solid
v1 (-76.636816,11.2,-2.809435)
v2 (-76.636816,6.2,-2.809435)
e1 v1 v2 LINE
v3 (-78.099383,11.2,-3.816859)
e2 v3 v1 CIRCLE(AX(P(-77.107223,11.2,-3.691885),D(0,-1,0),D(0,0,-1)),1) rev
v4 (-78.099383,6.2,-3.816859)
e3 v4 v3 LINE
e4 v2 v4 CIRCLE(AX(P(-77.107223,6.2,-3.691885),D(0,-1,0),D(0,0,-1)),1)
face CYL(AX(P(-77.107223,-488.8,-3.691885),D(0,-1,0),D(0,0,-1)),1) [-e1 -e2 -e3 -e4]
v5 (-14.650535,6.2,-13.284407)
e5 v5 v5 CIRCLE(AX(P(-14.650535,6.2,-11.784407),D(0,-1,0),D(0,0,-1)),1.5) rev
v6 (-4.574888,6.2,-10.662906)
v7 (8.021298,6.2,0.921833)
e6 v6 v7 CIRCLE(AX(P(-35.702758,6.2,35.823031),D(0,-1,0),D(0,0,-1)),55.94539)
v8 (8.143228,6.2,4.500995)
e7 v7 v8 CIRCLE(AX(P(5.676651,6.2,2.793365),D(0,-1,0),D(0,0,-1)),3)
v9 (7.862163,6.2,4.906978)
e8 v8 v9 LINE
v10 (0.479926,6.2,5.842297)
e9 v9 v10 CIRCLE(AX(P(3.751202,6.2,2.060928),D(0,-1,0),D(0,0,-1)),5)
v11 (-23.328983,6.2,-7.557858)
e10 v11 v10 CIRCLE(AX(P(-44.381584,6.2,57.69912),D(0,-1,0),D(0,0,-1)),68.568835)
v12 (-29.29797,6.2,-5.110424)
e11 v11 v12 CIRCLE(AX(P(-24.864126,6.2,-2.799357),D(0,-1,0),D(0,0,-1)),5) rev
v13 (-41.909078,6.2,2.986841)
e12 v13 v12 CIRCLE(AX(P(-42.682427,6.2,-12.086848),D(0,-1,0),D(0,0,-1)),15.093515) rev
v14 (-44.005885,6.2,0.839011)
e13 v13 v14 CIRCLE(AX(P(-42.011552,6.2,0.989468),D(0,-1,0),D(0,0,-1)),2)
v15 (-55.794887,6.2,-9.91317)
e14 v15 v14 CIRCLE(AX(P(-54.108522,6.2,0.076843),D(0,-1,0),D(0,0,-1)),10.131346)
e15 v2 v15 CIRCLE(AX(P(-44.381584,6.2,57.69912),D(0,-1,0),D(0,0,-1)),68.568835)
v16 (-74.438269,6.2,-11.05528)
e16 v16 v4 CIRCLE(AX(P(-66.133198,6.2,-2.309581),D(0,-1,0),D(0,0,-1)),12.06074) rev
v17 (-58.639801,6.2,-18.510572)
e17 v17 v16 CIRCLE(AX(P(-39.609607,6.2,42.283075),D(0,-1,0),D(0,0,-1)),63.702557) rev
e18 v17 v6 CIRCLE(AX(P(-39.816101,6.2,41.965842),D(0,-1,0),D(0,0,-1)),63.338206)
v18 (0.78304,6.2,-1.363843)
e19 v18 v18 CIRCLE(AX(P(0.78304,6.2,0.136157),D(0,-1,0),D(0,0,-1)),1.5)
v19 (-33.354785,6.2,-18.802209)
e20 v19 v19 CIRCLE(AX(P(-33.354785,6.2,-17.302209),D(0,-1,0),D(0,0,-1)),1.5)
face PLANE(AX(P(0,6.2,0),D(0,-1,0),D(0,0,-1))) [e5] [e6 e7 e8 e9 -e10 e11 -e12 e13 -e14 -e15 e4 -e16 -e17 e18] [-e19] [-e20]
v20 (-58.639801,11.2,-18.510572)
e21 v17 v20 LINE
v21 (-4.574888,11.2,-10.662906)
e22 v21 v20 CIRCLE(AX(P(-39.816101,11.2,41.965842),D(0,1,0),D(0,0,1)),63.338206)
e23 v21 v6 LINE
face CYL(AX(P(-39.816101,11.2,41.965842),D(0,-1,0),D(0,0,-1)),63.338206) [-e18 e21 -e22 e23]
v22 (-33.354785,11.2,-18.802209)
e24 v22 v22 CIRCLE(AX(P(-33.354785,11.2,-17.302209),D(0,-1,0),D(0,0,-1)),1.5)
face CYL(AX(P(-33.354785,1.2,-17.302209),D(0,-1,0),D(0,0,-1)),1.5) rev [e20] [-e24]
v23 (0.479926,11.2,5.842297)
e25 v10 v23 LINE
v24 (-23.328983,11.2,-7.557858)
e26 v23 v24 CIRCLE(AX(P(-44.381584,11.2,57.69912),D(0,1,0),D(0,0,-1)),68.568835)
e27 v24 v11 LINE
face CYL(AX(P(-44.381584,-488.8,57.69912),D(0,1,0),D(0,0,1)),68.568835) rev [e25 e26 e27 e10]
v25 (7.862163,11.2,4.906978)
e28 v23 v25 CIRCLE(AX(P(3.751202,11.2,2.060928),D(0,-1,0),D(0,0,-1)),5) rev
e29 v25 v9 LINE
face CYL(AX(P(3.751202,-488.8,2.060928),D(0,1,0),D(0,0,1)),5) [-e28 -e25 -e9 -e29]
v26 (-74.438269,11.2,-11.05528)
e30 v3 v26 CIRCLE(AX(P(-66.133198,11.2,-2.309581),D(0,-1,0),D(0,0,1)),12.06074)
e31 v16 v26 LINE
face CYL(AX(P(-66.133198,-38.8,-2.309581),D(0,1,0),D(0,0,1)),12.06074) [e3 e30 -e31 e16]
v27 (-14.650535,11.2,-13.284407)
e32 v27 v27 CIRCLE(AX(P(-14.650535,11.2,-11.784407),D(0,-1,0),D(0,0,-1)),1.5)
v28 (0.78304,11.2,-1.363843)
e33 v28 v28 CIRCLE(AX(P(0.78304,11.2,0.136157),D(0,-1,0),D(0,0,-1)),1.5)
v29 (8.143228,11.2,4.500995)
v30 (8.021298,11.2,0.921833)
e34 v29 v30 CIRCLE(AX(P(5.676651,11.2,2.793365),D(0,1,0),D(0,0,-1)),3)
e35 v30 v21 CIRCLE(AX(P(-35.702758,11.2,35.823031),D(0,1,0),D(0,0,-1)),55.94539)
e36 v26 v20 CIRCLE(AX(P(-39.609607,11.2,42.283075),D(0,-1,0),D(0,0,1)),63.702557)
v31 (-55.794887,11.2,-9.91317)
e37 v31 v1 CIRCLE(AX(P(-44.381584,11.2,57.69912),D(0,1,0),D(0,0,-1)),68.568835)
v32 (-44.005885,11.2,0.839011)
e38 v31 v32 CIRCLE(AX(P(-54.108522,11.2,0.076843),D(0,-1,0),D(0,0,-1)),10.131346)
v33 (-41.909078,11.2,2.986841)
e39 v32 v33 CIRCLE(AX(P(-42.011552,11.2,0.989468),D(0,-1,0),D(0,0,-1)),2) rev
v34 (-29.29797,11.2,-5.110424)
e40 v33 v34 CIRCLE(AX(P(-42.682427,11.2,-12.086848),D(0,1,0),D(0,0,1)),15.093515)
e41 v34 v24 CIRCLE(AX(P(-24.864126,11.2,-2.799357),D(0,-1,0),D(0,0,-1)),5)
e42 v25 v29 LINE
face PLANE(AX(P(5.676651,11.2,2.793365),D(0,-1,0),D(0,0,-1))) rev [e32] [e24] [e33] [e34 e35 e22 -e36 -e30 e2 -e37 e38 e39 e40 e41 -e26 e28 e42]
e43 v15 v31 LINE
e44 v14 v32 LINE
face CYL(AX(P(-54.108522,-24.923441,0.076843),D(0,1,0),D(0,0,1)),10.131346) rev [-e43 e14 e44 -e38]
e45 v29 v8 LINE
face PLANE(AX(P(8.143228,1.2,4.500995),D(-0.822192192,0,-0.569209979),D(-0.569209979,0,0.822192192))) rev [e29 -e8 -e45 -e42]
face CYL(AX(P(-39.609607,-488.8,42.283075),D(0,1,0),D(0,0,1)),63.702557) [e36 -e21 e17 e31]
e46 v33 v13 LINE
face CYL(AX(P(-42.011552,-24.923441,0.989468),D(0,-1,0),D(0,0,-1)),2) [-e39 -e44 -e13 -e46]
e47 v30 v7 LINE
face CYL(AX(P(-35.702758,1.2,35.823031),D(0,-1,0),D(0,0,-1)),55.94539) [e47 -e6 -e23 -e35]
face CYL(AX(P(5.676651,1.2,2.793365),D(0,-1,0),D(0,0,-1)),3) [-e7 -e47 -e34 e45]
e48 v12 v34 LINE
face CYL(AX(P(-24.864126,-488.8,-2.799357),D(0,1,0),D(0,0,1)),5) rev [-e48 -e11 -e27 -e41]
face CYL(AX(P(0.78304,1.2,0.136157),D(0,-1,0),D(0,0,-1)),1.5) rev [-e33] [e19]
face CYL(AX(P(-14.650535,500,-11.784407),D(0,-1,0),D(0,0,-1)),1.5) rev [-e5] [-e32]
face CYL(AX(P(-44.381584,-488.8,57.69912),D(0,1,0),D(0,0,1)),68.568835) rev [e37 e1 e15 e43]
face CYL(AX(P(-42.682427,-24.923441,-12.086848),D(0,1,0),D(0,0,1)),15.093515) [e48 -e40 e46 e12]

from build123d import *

# Parameters (mm, degrees)
SKETCH_1_R               = 1.5
EXTRUDE_1_DEPTH          = 1.2
EXTRUDE_2_DEPTH          = 10
CUT_EXTRUDE_1_DEPTH      = 93.096371411
CUT_EXTRUDE_1_DEPTH_BACK = 93.096371411
SKETCH_4_R               = 1.5
CUT_EXTRUDE_2_DEPTH      = 5000
SKETCH_5_R               = 1.5
CUT_EXTRUDE_3_DEPTH      = 500
SKETCH_9_R               = 1.5
CUT_EXTRUDE_6_DEPTH      = 500
SKETCH_6_W               = 134.066841626
SKETCH_6_H               = 48.328770964
CUT_EXTRUDE_4_DEPTH      = 1.2
SKETCH_7_W               = 136.291178365
SKETCH_7_H               = 54.597356319
CUT_EXTRUDE_5_DEPTH      = 5
SKETCH_8_R               = 2.504998637
EXTRUDE_3_DEPTH          = 5
CUT_EXTRUDE_START        = -500
CUT_EXTRUDE_7_DEPTH      = 500
CUT_EXTRUDE_8_DEPTH      = 500
CUT_EXTRUDE_9_DEPTH      = 500
FILLET_2_R               = 5
EXTRUDE_4_DEPTH          = 5
FILLET_3_R               = 5
FILLET_4_R               = 2
CUT_EXTRUDE_10_DEPTH     = 50
FILLET_5_R               = 1


with BuildPart() as part:
    # 草图1 → 凸台-拉伸1 (new body)
    with BuildSketch(Plane(origin=(0, 0, 0), x_dir=(1, 0, 0), z_dir=(0, 1, 0))):
        with BuildLine():
            Line((1.554842025, -8.337470752), (-0.430182488, -6.721253648))
            add(Edge.make_bspline(
                [(-12.167013089, 2.582495486), (-11.447119164, 1.921340953), (-10.022984841, 2.808187734), (-8.976354657, 1.809108801), (-8.213499094, 1.403974471), (-8.200391236, 0.349911537), (-8.042555918, -0.493978579), (-7.818959944, -1.429413296), (-6.816890722, -1.753533483), (-5.863601288, -1.34252738), (-4.741281829, -1.710962858), (-4.08275959, -2.621388779), (-3.79245167, -3.751248723), (-3.91045161, -4.869308905), (-3.232112336, -5.62677615), (-2.206661316, -6.030432082), (-1.046114317, -6.062557348), (-0.554897819, -6.564537203), (-0.430182488, -6.721253648)],
                knots=[0, 0, 0, 0, 0.036097754, 0.047992692, 0.058181774, 0.069734768, 0.087708592, 0.096698401, 0.107023851, 0.126400839, 0.138602891, 0.153227265, 0.171393147, 0.187122158, 0.197485969, 0.211171774, 0.233173167, 0.241577569, 0.241577569, 0.241577569, 0.241577569], degree=3))
            add(Edge.make_bspline(
                [(-23.910622578, 9.605703978), (-23.558251314, 9.383041776), (-22.85001025, 7.300114936), (-21.469099437, 8.026620732), (-20.587576459, 8.115237732), (-19.709548371, 8.393102022), (-18.887373608, 8.016971733), (-18.216370279, 7.270572104), (-17.540916668, 6.495384207), (-16.917331111, 5.169819241), (-15.366310155, 5.588705202), (-13.906745135, 5.747852304), (-12.700950999, 4.350101993), (-12.869807319, 3.109436312), (-12.167013089, 2.582495486)],
                knots=[0, 0, 0, 0, 0.161236225, 0.212348344, 0.265446348, 0.336192936, 0.378687986, 0.430636784, 0.526782428, 0.58317029, 0.682556587, 0.781270878, 0.853713789, 1, 1, 1, 1], degree=3))
            add(Edge.make_bspline(
                [(-47.71500508, 10.605110168), (-47.069012481, 9.900665068), (-45.139196949, 9.95795741), (-43.921975491, 11.586374146), (-42.400721003, 11.771016568), (-41.337482007, 11.307681084), (-40.40808197, 10.571392493), (-39.243263098, 10.605948191), (-38.4214004, 11.389817674), (-37.304125392, 11.739033216), (-35.960015429, 12.177678326), (-35.169730239, 11.095889884), (-34.309116257, 10.597574945), (-33.230198284, 10.326758803), (-32.483614479, 11.172498611), (-31.555931442, 11.556931314), (-30.496219104, 11.833170836), (-29.544579211, 11.011421042), (-28.764862011, 9.931048883), (-27.275040054, 9.791587696), (-25.67786866, 9.995507673), (-24.429632089, 10.493743868), (-23.910622578, 9.605703978)],
                knots=[0, 0, 0, 0, 0.101433113, 0.182304189, 0.213922123, 0.268056796, 0.309965909, 0.34593792, 0.389140378, 0.432998877, 0.482664358, 0.529097115, 0.56671955, 0.598853252, 0.644172777, 0.680167064, 0.715860802, 0.759457234, 0.81099574, 0.863337515, 0.916048189, 1, 1, 1, 1], degree=3))
            add(Edge.make_bspline(
                [(-81.542178077, -6.351268144), (-81.044844843, -4.213625321), (-76.423345521, -7.044199198), (-77.193888837, -1.434611804), (-74.499558051, -1.007137962), (-72.119579546, -0.982023336), (-72.013913214, 2.531930358), (-69.193446107, 2.27076818), (-66.979018583, 2.576834428), (-66.793337265, 4.561491582), (-65.228171966, 5.86647802), (-63.704347585, 5.431207109), (-62.480661462, 5.233397848), (-61.483715157, 6.199125284), (-61.300552849, 7.503159562), (-59.783145719, 8.397586745), (-58.519758063, 7.703062295), (-57.095970203, 7.658840879), (-55.836025853, 8.294649296), (-55.32460036, 9.901269354), (-53.585326171, 9.702085323), (-52.400209447, 9.422945796), (-50.584393612, 8.813116301), (-50.168047343, 11.113872633), (-48.335164825, 11.166138113), (-47.71500508, 10.605110168)],
                knots=[0, 0, 0, 0, 0.100331873, 0.186040252, 0.234954161, 0.270300487, 0.337741822, 0.40191981, 0.438279808, 0.476829941, 0.523229195, 0.559516768, 0.58417291, 0.604077361, 0.648703103, 0.670042471, 0.715950186, 0.738312734, 0.768610762, 0.808997733, 0.834826144, 0.87587524, 0.906400305, 0.9417144, 1, 1, 1, 1], degree=3))
            add(Edge.make_bspline(
                [(-4.574887638, 10.66290641), (-7.047776333, 12.318799851), (-11.472376922, 14.618164059), (-18.644622628, 18.44627649), (-25.552826118, 20.285346034), (-32.311147255, 21.765124491), (-38.45622276, 22.334485332), (-46.036730806, 22.337974028), (-53.580560852, 21.321427277), (-60.391912278, 19.259553222), (-67.916492846, 16.400566872), (-77.044091587, 11.490220125), (-84.229889169, 5.096115142), (-88.471829307, 0.104808879), (-88.546333927, -3.099341055), (-86.895953255, -6.534699066), (-83.496346554, -7.409474397), (-81.542178077, -6.351268144)],
                knots=[0.083499365, 0.083499365, 0.083499365, 0.083499365, 0.162308773, 0.214040795, 0.297345888, 0.349154488, 0.396314503, 0.459530434, 0.548645129, 0.595484357, 0.646703325, 0.76081959, 0.864658636, 0.902713076, 0.926128156, 0.944546812, 1, 1, 1, 1], degree=3))
            ThreePointArc((-4.574887638, 10.66290641), (2.168791448, 5.355026647), (8.021297782, -0.921832822))
            ThreePointArc((8.021297782, -0.921832822), (8.67491192, -2.691224286), (8.143227785, -4.500994872))
            Line((8.143227785, -4.500994872), (5.915584874, -7.718701298))
            ThreePointArc((5.915584874, -7.718701298), (3.870472767, -8.981318439), (1.554842025, -8.337470752))
        make_face()
        with Locations(Location((-81.41369729, 0.541251493, 0), (0, 0, 270))):
            Circle(SKETCH_1_R, mode=Mode.SUBTRACT)
        with Locations(Location((0.783039877, -0.136157483, 0), (0, 0, 270))):
            Circle(SKETCH_1_R, mode=Mode.SUBTRACT)
        with Locations(Location((-33.354785226, 17.302208681, 0), (0, 0, 270))):
            Circle(SKETCH_1_R, mode=Mode.SUBTRACT)
    extrude(amount=EXTRUDE_1_DEPTH)

    # 草图2 → 凸台-拉伸2 (add)
    with BuildSketch(Plane(origin=(0, 1.2, 0), x_dir=(1, 0, 0), z_dir=(0, 1, 0))):
        with BuildLine():
            Line((8.143227785, -4.500994872), (5.915584874, -7.718701298))
            ThreePointArc((5.915584874, -7.718701298), (3.870472767, -8.981318439), (1.554842025, -8.337470752))
            ThreePointArc((1.554842025, -8.337470752), (-39.653813959, 6.874149931), (-81.542178077, -6.351268144))
            ThreePointArc((-81.542178077, -6.351268144), (-86.809846383, -6.371610018), (-88.423257633, -1.357066439))
            ThreePointArc((-88.423257633, -1.357066439), (-48.803984412, 20.731416825), (-4.574887638, 10.66290641))
            ThreePointArc((-4.574887638, 10.66290641), (2.168791448, 5.355026647), (8.021297782, -0.921832822))
            ThreePointArc((8.021297782, -0.921832822), (8.67491192, -2.691224286), (8.143227785, -4.500994872))
        make_face()
    extrude(amount=EXTRUDE_2_DEPTH)

    # 草图3 → 切除-拉伸1 (cut, two sides: drawn at the far end of the back side and taken through both)
    with BuildSketch(Plane(origin=(0, 11.2, 0), x_dir=(1, 0, 0), z_dir=(0, 1, 0)).offset(-CUT_EXTRUDE_1_DEPTH_BACK)):
        with BuildLine():
            Line((-87.507027042, -5.743661214), (-106.141269059, 14.985848881))
            Line((-106.141269059, 14.985848881), (-8.241902353, 31.206831816))
            Line((-8.241902353, 31.206831816), (8.962170457, 13.429289912))
            Line((8.962170457, 13.429289912), (8.021297782, -0.921832822))
            ThreePointArc((8.021297782, -0.921832822), (5.215580669, 2.32898401), (2.168791448, 5.355026647))
            ThreePointArc((2.168791448, 5.355026647), (-1.101119594, 8.138467032), (-4.574887638, 10.66290641))
            ThreePointArc((-4.574887638, 10.66290641), (-48.803984412, 20.731416825), (-88.423257633, -1.357066439))
            ThreePointArc((-88.423257633, -1.357066439), (-88.556022202, -3.673781246), (-87.507027042, -5.743661214))
        make_face()
        with BuildLine():
            Line((1.554842025, -8.337470752), (-81.542178077, -6.351268144))
            ThreePointArc((-81.542178077, -6.351268144), (-39.653813959, 6.874149931), (1.554842025, -8.337470752))
        make_face()
    extrude(amount=CUT_EXTRUDE_1_DEPTH + CUT_EXTRUDE_1_DEPTH_BACK, mode=Mode.SUBTRACT)

    # 草图4 → 切除-拉伸2 (cut)
    with BuildSketch(Plane.XZ):
        with Locations(Location((0.783039877, 0.136157483, 0), (0, 0, 270))):
            Circle(SKETCH_4_R)
    extrude(amount=-CUT_EXTRUDE_2_DEPTH, mode=Mode.SUBTRACT)

    # 草图5 → 切除-拉伸3 (cut)
    with BuildSketch(Plane(origin=(0, 0, 0), x_dir=(-1, 0, 0), z_dir=(0, -1, 0))):
        with Locations(Location((33.354785226, 17.302208681, 0), (0, 0, 90))):
            Circle(SKETCH_5_R)
        with Locations((81.41369729, 0.541251493)):
            Circle(SKETCH_5_R)
    extrude(amount=-CUT_EXTRUDE_3_DEPTH, mode=Mode.SUBTRACT)

    # 草图9 → 切除-拉伸6 (cut)
    with BuildSketch(Plane.XZ):
        with Locations(Location((-14.650535253, -11.784407101, 0), (0, 0, 270))):
            Circle(SKETCH_9_R)
    extrude(amount=-CUT_EXTRUDE_6_DEPTH, mode=Mode.SUBTRACT)

    # 草图6 → 切除-拉伸4 (cut)
    with BuildSketch(Plane.XZ):
        with Locations((-44.334364387, -13.713059238)):
            Rectangle(SKETCH_6_W, SKETCH_6_H)
    extrude(amount=-CUT_EXTRUDE_4_DEPTH, mode=Mode.SUBTRACT)

    # 草图7 → 切除-拉伸5 (cut)
    with BuildSketch(Plane.XZ.offset(-1.2)):
        with Locations((-47.064232203, -10.780978991)):
            Rectangle(SKETCH_7_W, SKETCH_7_H)
    extrude(amount=-CUT_EXTRUDE_5_DEPTH, mode=Mode.SUBTRACT)

    # 草图8 → 凸台-拉伸3 (add)
    with BuildSketch(Plane(origin=(0, 11.2, 0), x_dir=(1, 0, 0), z_dir=(0, 1, 0))):
        with Locations((-81.41369729, 0.541251493)):
            Circle(SKETCH_8_R)
    extrude(amount=-EXTRUDE_3_DEPTH)

    # 草图12 → 切除-拉伸7 (cut)
    with BuildSketch(Plane(origin=(0, 11.2, 0), x_dir=(1, 0, 0), z_dir=(0, 1, 0)).offset(CUT_EXTRUDE_START)):
        with BuildLine():
            Line((-58.639801005, 18.510571882), (-112.071356554, 17.290982028))
            Line((-112.071356554, 17.290982028), (-102.035647415, -15.683490858))
            Line((-102.035647415, -15.683490858), (-71.109278434, -17.799864895))
            Line((-71.109278434, -17.799864895), (-72.583441893, -0.763949275))
            ThreePointArc((-72.583441893, -0.763949275), (-77.17168255, -3.38304187), (-81.542178077, -6.351268144))
            ThreePointArc((-81.542178077, -6.351268144), (-84.21561064, -7.222088194), (-86.87883151, -6.320520766))
            ThreePointArc((-86.87883151, -6.320520766), (-88.505413997, -3.431359279), (-87.496633924, -0.272975602))
            ThreePointArc((-87.496633924, -0.272975602), (-74.361355564, 11.10542341), (-58.639801005, 18.510571882))
        make_face()
    extrude(amount=CUT_EXTRUDE_7_DEPTH, mode=Mode.SUBTRACT)

    # 草图13 → 切除-拉伸8 (cut)
    with BuildSketch(Plane(origin=(0, 11.2, 0), x_dir=(1, 0, 0), z_dir=(0, 1, 0))):
        with BuildLine():
            Line((-58.639801005, 18.510571882), (-93.715909783, 19.516276053))
            Line((-93.715909783, 19.516276053), (-99.02615609, -9.026297846))
            Line((-99.02615609, -9.026297846), (-86.075060822, -21.472187628))
            Line((-86.075060822, -21.472187628), (-50.736103736, -15.249242737))
            Line((-50.736103736, -15.249242737), (-34.722392217, -9.026297846))
            Line((-34.722392217, -9.026297846), (-40.736049388, 6.891380001))
            ThreePointArc((-40.736049388, 6.891380001), (-63.801132914, 6.078389209), (-85.188761068, -2.595041141))
            ThreePointArc((-85.188761068, -2.595041141), (-87.346939719, -2.261053128), (-87.32425699, -0.077302094))
            ThreePointArc((-87.32425699, -0.077302094), (-74.252009108, 11.176444211), (-58.639801005, 18.510571882))
        make_face()
    extrude(amount=-CUT_EXTRUDE_8_DEPTH, mode=Mode.SUBTRACT)

    # 草图14 → 切除-拉伸9 (cut)
    with BuildSketch(Plane(origin=(0, 11.2, 0), x_dir=(1, 0, 0), z_dir=(0, 1, 0))):
        with BuildLine():
            Line((-85.188761068, -2.595041141), (9.410288112, -16.335196714))
            Line((9.410288112, -16.335196714), (3.870472767, -8.981318439))
            ThreePointArc((3.870472767, -8.981318439), (-39.477229569, 10.694099657), (-85.188761068, -2.595041141))
        make_face()
    extrude(amount=-CUT_EXTRUDE_9_DEPTH, mode=Mode.SUBTRACT)

    # 圆角2
    fillet_2_edges = [part.edges().sort_by_distance(p)[0] for p in [
        (3.870472767, 8.7, 8.981318439),
    ]]
    fillet(fillet_2_edges, radius=FILLET_2_R)

    # 草图16 → 凸台-拉伸4 (add)
    with BuildSketch(Plane(origin=(0, 11.2, 0), x_dir=(1, 0, 0), z_dir=(0, 1, 0))):
        with BuildLine():
            ThreePointArc((-55.7948874, 9.913169561), (-46.540448411, 6.6587671), (-44.381584205, -2.910719914))
            ThreePointArc((-44.381584205, -2.910719914), (-33.893561356, -0.183849707), (-27.936053363, 8.868362338))
            ThreePointArc((-27.936053363, 8.868362338), (-41.811811004, 10.821544438), (-55.7948874, 9.913169561))
        make_face()
    extrude(amount=-EXTRUDE_4_DEPTH)

    # 圆角3
    fillet_3_edges = [part.edges().sort_by_distance(p)[0] for p in [
        (-27.936053363, 8.7, -8.868362338),
    ]]
    fillet(fillet_3_edges, radius=FILLET_3_R)

    # 圆角4
    fillet_4_edges = [part.edges().sort_by_distance(p)[0] for p in [
        (-44.381584205, 8.7, 2.910719914),
    ]]
    fillet(fillet_4_edges, radius=FILLET_4_R)

    # 草图17 → 切除-拉伸10 (cut)
    with BuildSketch(Plane(origin=(0, 11.2, 0), x_dir=(1, 0, 0), z_dir=(0, 1, 0))):
        with BuildLine():
            Line((-78.188761068, 1.956223286), (-81.129694376, -16.673779651))
            Line((-81.129694376, -16.673779651), (-94.709773696, -4.588158821))
            Line((-94.709773696, -4.588158821), (-97.178879027, 7.17257973))
            Line((-97.178879027, 7.17257973), (-87.324260178, -0.077297303))
            ThreePointArc((-87.324260178, -0.077297303), (-80.335174498, 6.963906587), (-72.245380583, 12.706824424))
            ThreePointArc((-72.245380583, 12.706824424), (-76.68832012, 8.144891799), (-78.188761068, 1.956223286))
        make_face()
    extrude(amount=-CUT_EXTRUDE_10_DEPTH, mode=Mode.SUBTRACT)

    # 圆角5
    fillet_5_edges = [part.edges().sort_by_distance(p)[0] for p in [
        (-78.188761068, 8.7, -1.956223286),
    ]]
    fillet(fillet_5_edges, radius=FILLET_5_R)


solid = part.part
